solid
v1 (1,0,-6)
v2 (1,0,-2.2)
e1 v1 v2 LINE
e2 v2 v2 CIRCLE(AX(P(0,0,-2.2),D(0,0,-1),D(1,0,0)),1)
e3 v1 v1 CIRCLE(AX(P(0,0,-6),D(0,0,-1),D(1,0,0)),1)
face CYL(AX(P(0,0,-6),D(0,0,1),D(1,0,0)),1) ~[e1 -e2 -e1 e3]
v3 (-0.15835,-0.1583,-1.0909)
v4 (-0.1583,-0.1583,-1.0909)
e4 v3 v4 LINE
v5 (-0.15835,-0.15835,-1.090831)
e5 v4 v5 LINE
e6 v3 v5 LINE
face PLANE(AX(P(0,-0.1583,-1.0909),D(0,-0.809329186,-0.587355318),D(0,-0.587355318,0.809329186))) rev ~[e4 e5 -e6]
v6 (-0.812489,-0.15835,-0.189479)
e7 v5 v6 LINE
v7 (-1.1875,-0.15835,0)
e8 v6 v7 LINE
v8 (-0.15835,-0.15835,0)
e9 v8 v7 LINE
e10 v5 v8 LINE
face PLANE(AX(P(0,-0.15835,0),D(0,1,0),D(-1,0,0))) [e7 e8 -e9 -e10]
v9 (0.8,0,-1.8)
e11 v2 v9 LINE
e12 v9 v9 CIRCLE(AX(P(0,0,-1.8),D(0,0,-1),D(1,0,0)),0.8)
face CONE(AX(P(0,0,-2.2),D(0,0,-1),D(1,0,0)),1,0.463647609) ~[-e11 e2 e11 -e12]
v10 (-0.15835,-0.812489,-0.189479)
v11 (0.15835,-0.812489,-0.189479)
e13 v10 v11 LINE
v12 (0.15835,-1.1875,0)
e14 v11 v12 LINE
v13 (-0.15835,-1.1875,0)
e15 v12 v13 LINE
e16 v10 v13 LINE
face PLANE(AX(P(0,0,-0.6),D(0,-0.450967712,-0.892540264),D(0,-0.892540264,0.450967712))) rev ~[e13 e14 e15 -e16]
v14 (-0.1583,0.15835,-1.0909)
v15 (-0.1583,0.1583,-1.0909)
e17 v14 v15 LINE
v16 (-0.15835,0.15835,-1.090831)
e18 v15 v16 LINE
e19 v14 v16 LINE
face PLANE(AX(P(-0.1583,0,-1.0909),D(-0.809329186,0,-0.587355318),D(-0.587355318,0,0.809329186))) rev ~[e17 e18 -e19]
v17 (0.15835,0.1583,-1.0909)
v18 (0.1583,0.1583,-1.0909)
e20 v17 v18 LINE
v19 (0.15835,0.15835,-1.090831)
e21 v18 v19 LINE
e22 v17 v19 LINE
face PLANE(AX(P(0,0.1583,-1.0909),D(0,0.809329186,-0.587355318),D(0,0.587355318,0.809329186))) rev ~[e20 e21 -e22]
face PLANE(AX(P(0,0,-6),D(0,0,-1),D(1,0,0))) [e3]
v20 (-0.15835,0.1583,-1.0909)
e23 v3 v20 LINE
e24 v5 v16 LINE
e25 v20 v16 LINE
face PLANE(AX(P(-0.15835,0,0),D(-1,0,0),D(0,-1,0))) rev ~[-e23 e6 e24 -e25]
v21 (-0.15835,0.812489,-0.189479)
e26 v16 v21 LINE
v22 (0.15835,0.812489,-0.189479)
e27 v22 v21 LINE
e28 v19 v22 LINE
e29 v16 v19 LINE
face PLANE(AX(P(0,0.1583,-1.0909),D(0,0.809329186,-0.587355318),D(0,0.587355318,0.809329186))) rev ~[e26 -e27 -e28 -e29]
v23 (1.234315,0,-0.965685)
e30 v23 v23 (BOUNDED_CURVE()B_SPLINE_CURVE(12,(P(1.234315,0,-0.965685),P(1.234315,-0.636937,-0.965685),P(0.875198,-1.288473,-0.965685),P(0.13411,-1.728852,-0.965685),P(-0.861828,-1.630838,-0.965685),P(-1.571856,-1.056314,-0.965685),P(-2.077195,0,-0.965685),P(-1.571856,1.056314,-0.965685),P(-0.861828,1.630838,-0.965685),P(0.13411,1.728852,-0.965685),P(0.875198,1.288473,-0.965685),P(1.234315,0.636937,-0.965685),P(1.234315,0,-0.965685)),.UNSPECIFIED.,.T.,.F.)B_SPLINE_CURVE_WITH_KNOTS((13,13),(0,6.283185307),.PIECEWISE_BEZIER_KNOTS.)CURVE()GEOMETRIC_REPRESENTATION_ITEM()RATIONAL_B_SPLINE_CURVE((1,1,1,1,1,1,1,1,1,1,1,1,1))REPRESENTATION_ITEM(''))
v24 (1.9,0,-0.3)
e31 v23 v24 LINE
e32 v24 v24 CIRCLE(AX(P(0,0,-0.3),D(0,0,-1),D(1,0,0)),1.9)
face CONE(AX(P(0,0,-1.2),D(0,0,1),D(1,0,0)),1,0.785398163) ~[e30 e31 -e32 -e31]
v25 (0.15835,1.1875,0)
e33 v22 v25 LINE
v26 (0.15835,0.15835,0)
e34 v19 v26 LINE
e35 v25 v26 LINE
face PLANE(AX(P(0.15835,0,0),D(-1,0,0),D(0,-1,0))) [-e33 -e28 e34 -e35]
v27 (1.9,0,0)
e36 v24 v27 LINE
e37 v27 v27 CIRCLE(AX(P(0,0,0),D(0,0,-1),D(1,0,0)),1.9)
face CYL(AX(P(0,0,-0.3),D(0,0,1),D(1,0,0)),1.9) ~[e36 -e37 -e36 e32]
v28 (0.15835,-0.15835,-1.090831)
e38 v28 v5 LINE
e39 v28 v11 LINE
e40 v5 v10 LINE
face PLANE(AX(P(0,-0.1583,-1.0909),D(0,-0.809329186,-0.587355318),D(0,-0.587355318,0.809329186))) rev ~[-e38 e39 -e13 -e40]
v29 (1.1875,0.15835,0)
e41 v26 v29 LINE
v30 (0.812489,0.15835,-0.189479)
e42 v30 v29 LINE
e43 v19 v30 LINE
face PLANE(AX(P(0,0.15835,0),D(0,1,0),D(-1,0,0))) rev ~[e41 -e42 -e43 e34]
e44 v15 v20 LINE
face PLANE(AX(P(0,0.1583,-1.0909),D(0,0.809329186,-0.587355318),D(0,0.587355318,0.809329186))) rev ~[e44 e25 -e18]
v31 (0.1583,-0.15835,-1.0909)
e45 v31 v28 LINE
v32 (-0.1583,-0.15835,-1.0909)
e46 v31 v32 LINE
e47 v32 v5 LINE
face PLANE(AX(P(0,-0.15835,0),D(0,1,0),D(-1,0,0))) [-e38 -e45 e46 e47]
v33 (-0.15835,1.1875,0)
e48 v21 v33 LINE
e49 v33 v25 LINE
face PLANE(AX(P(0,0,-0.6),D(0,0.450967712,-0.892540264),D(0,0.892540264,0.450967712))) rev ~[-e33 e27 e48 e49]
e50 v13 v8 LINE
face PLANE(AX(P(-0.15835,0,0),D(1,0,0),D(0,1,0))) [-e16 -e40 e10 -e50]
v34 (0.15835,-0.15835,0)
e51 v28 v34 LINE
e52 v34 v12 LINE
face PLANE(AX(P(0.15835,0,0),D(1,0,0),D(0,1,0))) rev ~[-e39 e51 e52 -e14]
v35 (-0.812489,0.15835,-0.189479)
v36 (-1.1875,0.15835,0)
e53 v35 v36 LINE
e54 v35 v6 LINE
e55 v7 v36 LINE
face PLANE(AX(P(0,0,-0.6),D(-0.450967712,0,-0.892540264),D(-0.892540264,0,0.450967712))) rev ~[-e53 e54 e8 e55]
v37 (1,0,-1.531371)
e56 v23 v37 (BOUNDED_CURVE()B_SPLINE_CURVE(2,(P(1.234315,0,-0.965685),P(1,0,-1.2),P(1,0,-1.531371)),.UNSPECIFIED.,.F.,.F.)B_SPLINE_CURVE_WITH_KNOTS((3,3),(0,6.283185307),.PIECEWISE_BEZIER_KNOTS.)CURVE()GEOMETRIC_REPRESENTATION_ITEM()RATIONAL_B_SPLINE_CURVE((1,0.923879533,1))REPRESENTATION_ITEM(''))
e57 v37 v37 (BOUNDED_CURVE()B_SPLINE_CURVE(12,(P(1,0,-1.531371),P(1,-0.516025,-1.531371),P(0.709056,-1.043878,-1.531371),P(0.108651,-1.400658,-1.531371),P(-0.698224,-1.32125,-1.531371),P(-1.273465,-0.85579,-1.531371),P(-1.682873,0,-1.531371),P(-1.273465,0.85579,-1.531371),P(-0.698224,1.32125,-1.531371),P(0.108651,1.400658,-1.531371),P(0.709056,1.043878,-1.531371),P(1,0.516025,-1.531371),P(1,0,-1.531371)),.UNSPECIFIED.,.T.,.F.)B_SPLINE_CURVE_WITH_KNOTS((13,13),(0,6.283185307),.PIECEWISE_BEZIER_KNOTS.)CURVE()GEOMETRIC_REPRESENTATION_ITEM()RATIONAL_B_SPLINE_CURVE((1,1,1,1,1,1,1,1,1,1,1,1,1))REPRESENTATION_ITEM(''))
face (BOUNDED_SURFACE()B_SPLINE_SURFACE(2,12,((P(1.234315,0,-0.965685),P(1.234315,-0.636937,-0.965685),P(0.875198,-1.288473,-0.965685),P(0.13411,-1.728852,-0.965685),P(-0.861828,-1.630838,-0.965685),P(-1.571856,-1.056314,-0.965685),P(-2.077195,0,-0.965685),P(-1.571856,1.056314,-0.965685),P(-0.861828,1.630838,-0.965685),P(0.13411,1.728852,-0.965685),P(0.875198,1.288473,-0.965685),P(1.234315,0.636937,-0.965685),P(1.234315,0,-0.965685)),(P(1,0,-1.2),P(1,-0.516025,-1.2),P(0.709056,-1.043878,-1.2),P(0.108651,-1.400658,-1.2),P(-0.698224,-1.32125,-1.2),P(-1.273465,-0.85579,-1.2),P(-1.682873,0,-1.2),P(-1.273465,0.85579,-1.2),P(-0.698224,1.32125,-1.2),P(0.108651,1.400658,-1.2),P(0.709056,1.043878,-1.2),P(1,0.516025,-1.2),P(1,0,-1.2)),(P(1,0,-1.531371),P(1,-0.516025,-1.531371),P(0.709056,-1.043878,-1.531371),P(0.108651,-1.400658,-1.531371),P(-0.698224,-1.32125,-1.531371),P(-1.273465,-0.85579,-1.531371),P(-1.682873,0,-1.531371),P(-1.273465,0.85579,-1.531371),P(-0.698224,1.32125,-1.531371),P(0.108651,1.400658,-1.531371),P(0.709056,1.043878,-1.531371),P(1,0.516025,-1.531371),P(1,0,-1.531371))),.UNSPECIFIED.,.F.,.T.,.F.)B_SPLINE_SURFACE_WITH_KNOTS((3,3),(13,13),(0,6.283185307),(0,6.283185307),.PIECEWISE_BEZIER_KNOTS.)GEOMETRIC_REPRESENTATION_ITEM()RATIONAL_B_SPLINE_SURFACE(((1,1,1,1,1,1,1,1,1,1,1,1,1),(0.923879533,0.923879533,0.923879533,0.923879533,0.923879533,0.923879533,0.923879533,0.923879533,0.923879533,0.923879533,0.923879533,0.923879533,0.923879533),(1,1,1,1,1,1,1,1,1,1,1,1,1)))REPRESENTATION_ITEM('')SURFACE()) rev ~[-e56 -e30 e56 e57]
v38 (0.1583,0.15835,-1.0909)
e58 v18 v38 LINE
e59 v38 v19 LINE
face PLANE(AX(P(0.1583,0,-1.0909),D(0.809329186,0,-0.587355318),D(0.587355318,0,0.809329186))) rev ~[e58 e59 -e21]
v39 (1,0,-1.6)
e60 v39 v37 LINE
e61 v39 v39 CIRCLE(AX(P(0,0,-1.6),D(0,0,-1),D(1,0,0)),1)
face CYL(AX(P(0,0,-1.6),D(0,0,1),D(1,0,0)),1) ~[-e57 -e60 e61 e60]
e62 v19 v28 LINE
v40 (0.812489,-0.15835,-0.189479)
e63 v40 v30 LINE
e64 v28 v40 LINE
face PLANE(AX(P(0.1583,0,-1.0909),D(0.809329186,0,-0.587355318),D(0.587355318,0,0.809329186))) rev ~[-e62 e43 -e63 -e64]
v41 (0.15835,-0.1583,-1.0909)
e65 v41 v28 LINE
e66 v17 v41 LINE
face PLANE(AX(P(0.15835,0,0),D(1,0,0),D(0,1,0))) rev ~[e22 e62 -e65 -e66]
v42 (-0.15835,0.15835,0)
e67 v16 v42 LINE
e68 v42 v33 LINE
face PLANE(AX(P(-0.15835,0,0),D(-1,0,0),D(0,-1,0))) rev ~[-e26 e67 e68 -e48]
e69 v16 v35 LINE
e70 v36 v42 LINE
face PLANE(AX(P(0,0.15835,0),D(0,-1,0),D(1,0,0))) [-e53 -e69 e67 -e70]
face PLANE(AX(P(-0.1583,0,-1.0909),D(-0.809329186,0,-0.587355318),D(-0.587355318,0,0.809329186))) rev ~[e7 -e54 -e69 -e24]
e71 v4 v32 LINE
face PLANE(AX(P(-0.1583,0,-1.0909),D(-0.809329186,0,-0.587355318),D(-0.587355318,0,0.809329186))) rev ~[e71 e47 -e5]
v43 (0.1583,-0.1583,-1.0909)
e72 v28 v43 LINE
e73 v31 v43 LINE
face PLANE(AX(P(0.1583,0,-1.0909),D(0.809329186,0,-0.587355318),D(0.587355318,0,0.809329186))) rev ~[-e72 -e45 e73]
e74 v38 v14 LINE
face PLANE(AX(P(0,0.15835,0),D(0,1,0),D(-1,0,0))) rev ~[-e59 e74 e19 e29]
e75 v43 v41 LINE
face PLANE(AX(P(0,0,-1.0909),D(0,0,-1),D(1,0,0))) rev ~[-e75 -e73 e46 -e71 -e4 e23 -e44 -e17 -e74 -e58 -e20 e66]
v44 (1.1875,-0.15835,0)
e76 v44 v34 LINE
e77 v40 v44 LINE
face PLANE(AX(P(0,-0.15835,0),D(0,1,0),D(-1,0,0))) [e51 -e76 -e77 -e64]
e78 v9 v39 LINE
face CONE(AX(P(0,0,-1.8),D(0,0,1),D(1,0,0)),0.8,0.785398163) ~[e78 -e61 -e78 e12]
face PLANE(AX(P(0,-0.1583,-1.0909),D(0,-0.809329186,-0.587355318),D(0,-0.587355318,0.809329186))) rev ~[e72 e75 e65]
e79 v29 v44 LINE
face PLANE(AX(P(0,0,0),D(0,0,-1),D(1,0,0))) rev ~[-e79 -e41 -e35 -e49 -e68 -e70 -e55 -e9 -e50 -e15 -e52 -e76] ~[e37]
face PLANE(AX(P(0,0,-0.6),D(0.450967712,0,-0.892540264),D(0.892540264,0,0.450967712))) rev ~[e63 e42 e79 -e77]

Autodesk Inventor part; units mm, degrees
ref_plane "YZ Plane" through (0, 0, 0) normal (1, 0, 0) x (0, 1, 0)
sketch "Skizze1" plane through (0, 0, 0) normal (0, 1, 0) x (-1, 0, 0)
  point P0 (0, 0)
sketch "Skizze2" plane through (0, 0, 0) normal (0, 0, 1) x (1, 0, 0)
  point P0 (0, 0)
sketch "Skizze3" plane through (0, 0, 0) normal (0, 0, 1) x (1, 0, 0)
  point P0 (0, 0)
sketch "Skizze4" plane through (0, 0, 0) normal (0, 1, 0) x (-1, 0, 0)
  line L0 (-1.9, 0) -> (0, 0)
  line L1 (-1.9, -0.3) -> (-1.9, 0)
  line L2 (-1, -1.2) -> (-1.9, -0.3)
  line L3 (-1, -1.6) -> (-1, -1.2)
  line L4 (-0.8, -1.8) -> (-1, -1.6)
  line L5 (-1, -2.2) -> (-0.8, -1.8)
  line L6 (-1, -6) -> (-1, -2.2)
  line L7 (0, 0) -> (0, -6)
  line L8 (0, 3.3392) -> (0, -10.7) construction
  line L9 (0, 3.3392) -> (0, -10.7)
  line L10 (0, -13.5078) -> (0, 6.1471) projected
  line L11 (-1, -6) -> (0, -6)
  line L12 (0.38, 0) -> (-2.28, 0) projected
  dimension "d3" = 1.9
  dimension "d5" = 0.4
  dimension "d7" = 0.2
  dimension "d9" = 0.4
  dimension "d11" = 1.2
  dimension "d13" = 135
  dimension "d17" = 0.8
  dimension "d19" = 0
  dimension "d51" = 1
  dimension "d52" = 6
revolve "Drehung1" add sketch "Skizze4" angle 360 about axis through (0, 0, 3.3392) along (0, 0, -1)
sketch "Skizze5" plane through (0, 0, 0) normal (0, 1, 0) x (-1, 0, 0)
  line L0 (-0.95, 0) -> (0, 0)
  line L1 (-0.1583, -1.0909) -> (-0.95, 0)
  line L2 (0, -1.0909) -> (-0.1583, -1.0909)
  line L3 (0, 0) -> (0, -1.0909)
  line L4 (-1, -1.2) -> (1, -1.2) construction
  line L5 (-1.9, 0) -> (1.9, 0) projected
  line L6 (0, -1.44) -> (0, 0.24) projected
  dimension "d22" = 0.95
  dimension "d24" = 0.1583
  dimension "d26" = 1.0909
extrude "Extrusion1" cut sketch "Skizze5" along normal mid plane 0.3167
pattern_circular "Polare Anordnung1" count 4 over 360 about axis through (0, 0, 0) along (0, 0, 1) of "Extrusion1"
sketch "Skizze7" plane through (0, 0, 0) normal (0, 1, 0) x (-1, 0, 0)
  line L0 (0, -0.6) -> (-1.1875, 0)
  line L1 (0, 0) -> (0, -0.6)
  line L2 (-1.1875, 0) -> (0, 0)
  line L3 (-1, -1.2) -> (1, -1.2) construction
  line L4 (0, -1.44) -> (0, 0.24) projected
  line L5 (-1.9, 0) -> (1.9, 0) projected
  dimension "d33" = 1.1875
  dimension "d35" = 0.6
extrude "Extrusion2" cut sketch "Skizze7" along normal mid plane 0.3167
pattern_circular "Polare Anordnung2" count 4 over 360 about axis through (0, 0, 0) along (0, 0, 1) of "Extrusion2"
fillet "Rundung1" radius 0.8 1 edges at (-1, 0, -1.2)
thread "Gewinde1" size "M2x0.4" class "6g" standard "ISO Metric profile" full length
ref_plane "MSC_PF1" through (0, 0, 0) normal (1, 0, 0) x (0, 1, 0)
ref_plane "MSC_PT1" through (0, 0, 0) normal (0, 0, -1) x (-1, 0, 0)
equation "\"d3\" = 0.5 * Dh"
equation "\"d5\" = msp_x"
equation "\"d7\" = ParA"
equation "\"d9\" = msp_x"
equation "\"d11\" = ParK"
equation "\"d17\" = 0.5 * msp_mdtds"
equation "\"d51\" = 0.5 * NND"
equation "\"d52\" = NLG"
equation "\"d22\" = 0.5 * M"
equation "\"d24\" = 0.0833333 * M"
equation "\"d26\" = 0.909091 * ParK"
equation "\"d27\" = 0.166667 * M"
equation "\"d33\" = 0.625 * M"
equation "\"d35\" = 0.5 * ParK"
equation "\"d36\" = 0.166667 * M"
equation "\"d41\" = 2 * msp_x"
equation "\"PTC\" = 0.4"
equation "\"NLG\" = 6"
equation "\"ParK\" = 1.2"
equation "\"NND\" = 2"
equation "\"M\" = 1.9"
equation "\"msp_mdtds\" = NND - PTC"
equation "\"Dh\" = 3.8"
equation "\"msp_x\" = PTC"
equation "\"ParA\" = 0.5 * PTC"
equation "\"r\" = 0.5"
equation "\"THREADDIA\" = NND"
equation "\"TEMPLATE\" = 1.2345"
properties part number "DIN EN ISO 7046-2 H - M2x6 - 8.8 - H1" material "Stahl"
